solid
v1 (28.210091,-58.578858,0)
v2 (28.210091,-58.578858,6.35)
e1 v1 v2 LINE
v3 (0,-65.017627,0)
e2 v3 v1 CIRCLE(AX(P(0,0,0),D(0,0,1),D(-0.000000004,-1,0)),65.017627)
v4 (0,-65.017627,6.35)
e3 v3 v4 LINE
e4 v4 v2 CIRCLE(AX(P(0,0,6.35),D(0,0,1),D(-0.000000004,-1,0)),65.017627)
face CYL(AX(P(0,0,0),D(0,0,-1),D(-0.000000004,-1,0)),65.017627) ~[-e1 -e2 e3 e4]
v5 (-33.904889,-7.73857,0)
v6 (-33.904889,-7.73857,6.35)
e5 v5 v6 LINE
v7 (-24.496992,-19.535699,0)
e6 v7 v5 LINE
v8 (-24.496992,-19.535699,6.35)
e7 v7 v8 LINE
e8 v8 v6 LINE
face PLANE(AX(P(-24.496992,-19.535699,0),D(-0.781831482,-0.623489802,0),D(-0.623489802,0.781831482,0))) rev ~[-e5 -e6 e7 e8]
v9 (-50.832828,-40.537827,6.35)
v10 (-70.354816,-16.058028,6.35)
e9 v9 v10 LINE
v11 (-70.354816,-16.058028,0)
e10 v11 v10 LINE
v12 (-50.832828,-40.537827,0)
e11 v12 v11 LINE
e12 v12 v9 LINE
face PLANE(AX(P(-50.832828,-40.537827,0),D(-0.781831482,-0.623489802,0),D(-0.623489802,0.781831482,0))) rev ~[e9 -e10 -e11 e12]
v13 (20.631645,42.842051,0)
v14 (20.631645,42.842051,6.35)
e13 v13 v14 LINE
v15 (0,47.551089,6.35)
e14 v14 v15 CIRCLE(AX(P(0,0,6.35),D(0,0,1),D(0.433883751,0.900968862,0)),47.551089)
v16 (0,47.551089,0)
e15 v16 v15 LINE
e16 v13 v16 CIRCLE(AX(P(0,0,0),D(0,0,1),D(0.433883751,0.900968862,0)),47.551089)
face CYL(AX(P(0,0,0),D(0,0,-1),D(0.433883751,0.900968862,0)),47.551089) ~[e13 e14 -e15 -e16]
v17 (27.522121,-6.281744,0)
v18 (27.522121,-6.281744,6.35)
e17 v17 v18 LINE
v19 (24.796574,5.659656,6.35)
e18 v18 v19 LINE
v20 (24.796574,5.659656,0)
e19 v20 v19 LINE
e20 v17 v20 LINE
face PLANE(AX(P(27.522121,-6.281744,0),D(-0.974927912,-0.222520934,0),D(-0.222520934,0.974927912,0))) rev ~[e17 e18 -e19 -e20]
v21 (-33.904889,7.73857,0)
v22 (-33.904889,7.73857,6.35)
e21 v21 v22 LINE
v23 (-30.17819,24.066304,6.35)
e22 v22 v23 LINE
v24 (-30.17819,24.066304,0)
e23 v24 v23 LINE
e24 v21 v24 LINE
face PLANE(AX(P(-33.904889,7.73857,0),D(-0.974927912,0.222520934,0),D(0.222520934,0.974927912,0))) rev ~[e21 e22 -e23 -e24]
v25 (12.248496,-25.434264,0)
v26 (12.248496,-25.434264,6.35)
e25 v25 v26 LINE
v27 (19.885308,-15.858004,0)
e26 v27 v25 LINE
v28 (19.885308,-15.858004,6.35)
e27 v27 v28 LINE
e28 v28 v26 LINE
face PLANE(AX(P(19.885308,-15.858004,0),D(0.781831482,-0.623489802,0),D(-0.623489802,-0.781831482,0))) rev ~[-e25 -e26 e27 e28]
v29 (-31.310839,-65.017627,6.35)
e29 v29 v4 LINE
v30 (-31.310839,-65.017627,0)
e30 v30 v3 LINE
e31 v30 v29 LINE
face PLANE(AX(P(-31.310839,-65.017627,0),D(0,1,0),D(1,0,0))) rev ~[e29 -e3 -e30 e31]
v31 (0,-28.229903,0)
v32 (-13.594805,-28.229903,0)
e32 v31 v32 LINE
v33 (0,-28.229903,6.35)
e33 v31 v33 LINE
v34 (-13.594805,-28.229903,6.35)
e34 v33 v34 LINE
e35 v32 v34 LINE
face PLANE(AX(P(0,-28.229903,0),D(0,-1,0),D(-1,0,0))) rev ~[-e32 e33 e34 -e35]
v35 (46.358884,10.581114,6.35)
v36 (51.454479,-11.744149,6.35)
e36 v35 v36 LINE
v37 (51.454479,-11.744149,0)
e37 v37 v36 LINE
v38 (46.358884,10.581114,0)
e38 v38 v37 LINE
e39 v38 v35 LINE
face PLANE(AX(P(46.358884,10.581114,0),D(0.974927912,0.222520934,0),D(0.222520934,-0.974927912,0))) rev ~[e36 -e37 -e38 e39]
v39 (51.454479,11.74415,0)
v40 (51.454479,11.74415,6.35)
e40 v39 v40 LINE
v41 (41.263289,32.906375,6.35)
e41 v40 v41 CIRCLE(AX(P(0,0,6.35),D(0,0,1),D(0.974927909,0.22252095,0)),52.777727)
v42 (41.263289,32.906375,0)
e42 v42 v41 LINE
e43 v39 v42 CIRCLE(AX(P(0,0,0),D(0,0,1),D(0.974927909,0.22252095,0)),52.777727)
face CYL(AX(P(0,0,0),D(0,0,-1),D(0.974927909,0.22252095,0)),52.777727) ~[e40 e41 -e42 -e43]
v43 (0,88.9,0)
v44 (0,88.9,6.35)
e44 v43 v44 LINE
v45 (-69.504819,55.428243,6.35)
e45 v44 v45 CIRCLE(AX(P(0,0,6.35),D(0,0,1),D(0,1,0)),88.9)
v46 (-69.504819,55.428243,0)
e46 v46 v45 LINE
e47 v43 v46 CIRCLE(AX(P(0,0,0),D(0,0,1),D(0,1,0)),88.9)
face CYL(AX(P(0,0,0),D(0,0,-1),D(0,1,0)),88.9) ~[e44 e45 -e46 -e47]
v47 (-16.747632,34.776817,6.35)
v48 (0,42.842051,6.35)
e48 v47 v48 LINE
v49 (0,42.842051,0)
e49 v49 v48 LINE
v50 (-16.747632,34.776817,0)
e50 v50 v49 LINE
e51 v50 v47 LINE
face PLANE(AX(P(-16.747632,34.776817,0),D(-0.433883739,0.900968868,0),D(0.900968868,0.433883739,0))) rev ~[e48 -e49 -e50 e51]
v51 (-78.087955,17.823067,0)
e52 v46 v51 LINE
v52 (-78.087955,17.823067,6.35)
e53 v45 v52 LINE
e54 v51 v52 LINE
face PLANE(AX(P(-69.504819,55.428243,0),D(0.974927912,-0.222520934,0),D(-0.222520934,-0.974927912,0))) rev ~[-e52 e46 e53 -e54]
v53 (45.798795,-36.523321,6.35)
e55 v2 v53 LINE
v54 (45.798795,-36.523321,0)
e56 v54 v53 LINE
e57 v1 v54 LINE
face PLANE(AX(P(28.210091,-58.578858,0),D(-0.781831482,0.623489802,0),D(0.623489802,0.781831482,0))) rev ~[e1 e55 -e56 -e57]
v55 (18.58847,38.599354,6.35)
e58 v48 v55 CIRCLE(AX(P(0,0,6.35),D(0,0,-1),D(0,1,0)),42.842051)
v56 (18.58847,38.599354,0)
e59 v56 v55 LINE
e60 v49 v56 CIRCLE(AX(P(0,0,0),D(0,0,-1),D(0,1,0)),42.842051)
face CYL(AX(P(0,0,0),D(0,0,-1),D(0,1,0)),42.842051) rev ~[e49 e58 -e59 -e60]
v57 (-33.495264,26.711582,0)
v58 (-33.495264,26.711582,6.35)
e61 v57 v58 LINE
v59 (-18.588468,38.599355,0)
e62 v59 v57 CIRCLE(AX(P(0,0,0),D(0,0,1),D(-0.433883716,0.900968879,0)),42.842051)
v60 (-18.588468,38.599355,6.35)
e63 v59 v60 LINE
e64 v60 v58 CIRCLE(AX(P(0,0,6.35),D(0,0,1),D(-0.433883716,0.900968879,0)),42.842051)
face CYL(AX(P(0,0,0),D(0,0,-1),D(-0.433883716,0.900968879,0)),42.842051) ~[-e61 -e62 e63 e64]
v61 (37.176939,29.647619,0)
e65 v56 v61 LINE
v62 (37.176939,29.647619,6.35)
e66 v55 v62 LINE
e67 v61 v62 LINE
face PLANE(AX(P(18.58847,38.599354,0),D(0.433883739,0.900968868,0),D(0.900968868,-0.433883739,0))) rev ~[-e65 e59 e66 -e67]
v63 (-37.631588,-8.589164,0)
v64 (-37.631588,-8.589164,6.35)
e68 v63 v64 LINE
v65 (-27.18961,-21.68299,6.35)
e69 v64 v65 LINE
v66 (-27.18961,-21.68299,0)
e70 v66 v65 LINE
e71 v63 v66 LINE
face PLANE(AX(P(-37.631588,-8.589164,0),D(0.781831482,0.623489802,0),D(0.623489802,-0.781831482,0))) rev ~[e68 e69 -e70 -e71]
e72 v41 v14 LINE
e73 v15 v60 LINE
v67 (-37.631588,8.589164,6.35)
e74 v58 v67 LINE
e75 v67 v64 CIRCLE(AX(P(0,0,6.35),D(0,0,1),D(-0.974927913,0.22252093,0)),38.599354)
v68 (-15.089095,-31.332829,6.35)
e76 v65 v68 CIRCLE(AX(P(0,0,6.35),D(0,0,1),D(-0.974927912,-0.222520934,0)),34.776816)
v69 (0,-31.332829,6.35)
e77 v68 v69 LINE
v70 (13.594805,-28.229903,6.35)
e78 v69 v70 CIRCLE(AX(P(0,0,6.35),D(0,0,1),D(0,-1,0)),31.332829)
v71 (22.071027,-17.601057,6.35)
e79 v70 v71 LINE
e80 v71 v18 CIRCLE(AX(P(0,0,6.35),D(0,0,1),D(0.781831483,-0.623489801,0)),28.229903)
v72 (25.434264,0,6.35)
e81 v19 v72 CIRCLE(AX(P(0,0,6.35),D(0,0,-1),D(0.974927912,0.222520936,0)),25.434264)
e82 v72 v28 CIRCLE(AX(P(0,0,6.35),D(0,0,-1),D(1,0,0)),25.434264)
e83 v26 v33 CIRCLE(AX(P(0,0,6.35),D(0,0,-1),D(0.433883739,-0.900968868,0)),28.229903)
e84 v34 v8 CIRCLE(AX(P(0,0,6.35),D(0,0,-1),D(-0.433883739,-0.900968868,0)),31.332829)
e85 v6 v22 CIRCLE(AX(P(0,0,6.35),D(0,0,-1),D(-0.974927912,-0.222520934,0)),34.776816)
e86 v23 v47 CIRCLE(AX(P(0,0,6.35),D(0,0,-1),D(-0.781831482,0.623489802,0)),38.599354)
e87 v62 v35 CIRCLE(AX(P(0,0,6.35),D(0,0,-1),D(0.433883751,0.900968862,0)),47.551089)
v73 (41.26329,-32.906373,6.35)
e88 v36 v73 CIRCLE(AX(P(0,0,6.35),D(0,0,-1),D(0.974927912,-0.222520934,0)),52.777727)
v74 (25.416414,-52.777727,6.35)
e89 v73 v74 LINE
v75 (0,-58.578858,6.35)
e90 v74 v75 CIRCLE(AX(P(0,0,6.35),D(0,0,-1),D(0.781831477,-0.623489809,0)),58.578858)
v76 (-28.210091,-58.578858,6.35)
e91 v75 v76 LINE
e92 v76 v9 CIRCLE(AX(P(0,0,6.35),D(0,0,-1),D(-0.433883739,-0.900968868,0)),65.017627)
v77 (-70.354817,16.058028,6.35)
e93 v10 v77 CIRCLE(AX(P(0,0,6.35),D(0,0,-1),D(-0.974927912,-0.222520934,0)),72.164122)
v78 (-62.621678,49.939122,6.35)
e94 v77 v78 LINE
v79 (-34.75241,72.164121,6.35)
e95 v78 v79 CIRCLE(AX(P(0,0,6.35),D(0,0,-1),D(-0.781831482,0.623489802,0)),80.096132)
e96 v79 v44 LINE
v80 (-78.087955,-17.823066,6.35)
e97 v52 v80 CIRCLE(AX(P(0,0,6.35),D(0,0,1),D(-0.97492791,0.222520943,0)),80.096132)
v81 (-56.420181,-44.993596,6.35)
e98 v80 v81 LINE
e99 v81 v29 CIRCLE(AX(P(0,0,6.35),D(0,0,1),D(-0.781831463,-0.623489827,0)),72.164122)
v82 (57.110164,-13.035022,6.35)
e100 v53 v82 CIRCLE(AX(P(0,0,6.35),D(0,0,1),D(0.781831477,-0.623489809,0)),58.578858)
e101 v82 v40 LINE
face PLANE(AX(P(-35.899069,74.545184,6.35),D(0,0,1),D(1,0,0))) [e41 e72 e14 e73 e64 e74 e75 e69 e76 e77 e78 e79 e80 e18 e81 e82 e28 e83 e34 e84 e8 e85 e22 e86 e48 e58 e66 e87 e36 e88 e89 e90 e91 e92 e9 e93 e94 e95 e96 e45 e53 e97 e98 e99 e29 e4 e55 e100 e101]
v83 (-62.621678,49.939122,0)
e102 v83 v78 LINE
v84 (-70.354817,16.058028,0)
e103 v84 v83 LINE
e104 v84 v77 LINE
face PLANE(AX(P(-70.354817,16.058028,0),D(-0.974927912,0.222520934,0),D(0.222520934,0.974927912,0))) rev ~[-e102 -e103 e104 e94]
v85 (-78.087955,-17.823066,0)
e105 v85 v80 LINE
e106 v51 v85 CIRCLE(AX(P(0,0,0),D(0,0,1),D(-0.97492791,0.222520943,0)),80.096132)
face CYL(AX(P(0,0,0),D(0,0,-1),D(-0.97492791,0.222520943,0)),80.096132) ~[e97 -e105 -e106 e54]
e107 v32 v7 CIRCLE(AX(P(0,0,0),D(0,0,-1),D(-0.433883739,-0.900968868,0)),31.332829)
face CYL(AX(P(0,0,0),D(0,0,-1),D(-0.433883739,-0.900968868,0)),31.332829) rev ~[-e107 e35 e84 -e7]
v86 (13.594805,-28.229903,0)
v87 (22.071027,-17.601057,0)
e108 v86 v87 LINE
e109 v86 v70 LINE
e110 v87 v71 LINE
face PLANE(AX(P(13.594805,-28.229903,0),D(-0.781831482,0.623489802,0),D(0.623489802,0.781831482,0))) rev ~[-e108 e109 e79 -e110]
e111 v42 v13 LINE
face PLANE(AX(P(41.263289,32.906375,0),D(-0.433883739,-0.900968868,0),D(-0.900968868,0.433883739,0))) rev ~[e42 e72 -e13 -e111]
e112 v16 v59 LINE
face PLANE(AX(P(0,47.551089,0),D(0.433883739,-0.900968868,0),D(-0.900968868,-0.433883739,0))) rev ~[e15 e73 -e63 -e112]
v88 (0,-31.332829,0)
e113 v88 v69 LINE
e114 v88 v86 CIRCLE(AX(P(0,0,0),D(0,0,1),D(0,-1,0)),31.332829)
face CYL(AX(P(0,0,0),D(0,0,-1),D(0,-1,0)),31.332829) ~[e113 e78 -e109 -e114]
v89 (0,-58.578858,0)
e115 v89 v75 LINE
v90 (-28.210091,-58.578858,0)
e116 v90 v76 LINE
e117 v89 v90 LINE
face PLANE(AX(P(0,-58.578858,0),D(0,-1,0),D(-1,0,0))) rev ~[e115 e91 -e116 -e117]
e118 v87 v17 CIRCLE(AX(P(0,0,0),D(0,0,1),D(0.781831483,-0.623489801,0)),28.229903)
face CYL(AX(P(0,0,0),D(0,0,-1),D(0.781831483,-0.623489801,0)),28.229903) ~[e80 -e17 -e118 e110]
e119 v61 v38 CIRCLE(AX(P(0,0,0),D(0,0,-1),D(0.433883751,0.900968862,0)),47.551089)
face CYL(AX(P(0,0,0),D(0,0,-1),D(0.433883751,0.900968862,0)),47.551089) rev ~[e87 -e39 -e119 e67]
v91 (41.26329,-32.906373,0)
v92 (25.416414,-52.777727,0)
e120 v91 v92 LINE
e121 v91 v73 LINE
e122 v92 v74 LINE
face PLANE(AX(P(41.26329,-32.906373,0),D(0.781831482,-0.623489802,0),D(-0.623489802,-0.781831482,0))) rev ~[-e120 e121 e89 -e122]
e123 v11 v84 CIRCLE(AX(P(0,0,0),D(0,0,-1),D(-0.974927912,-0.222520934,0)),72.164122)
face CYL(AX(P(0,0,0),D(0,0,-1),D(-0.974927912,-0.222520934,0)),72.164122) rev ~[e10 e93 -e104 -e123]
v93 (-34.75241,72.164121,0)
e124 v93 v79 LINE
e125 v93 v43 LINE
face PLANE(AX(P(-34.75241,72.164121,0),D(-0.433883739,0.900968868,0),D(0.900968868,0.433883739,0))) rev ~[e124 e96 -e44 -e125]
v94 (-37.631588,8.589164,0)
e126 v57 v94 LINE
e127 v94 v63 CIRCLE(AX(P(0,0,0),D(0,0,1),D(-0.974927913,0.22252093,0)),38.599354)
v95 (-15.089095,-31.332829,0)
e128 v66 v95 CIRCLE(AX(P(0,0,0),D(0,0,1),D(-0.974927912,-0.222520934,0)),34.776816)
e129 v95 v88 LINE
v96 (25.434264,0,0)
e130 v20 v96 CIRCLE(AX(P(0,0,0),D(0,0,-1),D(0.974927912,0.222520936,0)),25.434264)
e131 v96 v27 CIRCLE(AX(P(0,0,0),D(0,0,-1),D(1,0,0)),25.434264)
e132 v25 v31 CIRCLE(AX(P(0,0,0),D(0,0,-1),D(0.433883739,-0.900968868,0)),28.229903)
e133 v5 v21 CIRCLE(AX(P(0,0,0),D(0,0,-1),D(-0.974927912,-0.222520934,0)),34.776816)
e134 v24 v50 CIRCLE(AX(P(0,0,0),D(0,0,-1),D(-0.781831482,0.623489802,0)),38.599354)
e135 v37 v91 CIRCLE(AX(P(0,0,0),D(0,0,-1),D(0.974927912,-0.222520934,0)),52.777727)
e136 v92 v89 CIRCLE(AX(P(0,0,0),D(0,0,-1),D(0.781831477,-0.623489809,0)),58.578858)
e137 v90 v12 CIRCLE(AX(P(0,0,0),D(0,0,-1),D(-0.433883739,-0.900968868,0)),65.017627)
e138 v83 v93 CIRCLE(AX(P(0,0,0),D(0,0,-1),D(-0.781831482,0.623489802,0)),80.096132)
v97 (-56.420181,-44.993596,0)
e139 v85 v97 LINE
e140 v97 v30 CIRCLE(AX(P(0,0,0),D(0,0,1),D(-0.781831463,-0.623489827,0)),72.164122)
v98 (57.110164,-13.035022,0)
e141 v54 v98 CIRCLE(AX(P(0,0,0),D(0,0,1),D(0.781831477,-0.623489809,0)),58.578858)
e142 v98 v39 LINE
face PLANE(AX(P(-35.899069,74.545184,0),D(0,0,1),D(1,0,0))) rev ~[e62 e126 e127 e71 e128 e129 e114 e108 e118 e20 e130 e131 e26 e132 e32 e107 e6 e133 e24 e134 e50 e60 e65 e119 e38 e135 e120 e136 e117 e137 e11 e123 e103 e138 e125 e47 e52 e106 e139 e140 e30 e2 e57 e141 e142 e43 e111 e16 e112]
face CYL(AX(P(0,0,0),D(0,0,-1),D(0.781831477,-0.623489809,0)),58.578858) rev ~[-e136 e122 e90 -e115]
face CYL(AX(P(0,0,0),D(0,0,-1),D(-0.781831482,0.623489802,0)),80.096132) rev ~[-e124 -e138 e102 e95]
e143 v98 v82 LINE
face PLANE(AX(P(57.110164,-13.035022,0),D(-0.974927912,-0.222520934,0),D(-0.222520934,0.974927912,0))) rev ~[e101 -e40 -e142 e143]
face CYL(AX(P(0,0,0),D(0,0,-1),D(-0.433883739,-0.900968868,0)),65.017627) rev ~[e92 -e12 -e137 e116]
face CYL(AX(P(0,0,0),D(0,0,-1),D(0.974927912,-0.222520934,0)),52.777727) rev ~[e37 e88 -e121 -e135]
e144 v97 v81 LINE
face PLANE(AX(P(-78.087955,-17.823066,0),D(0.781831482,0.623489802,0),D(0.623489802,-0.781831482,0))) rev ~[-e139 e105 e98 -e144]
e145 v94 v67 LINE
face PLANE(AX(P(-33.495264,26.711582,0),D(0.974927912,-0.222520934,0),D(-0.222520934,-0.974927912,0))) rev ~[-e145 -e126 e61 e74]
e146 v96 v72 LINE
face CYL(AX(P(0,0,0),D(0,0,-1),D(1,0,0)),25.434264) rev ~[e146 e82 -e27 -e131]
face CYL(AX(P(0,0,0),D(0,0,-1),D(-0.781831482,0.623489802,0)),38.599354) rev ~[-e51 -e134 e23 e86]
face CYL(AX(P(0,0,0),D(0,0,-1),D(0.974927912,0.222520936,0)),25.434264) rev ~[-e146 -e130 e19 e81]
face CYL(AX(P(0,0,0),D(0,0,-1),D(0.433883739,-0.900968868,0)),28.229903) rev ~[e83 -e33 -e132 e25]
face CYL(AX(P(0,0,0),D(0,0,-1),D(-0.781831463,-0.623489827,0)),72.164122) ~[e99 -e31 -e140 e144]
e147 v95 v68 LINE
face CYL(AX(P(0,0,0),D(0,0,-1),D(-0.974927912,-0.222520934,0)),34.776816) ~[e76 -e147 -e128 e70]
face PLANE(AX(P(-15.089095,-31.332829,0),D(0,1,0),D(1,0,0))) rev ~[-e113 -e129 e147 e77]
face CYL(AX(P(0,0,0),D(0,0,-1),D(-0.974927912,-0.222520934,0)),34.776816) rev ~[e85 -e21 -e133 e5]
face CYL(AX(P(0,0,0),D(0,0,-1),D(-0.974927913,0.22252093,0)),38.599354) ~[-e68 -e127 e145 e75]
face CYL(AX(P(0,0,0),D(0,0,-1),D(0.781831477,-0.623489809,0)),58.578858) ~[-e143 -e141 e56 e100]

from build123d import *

# Parameters (mm, degrees)
F1_DEPTH = 6.35


with BuildPart() as f1:
    # F0 (on Top) → F1 (new body)
    with BuildSketch(Plane.XY):
        with BuildLine():
            Line((-34.7524098968, 72.1641214513), (0, 88.9))
            ThreePointArc((0, 88.9), (-38.5722644076, 80.0961323565), (-69.5048187914, 55.4282433852))
            Line((-69.5048187914, 55.4282433852), (-34.7524098968, 72.1641214513))
        make_face()
        with BuildLine():
            Line((-34.7524098968, 72.1641214513), (-69.5048187914, 55.4282433852))
            Line((-69.5048187914, 55.4282433852), (-78.0879549291, 17.8230668926))
            ThreePointArc((-78.0879549291, 17.8230668926), (-72.1641215337, 34.7524097258), (-62.6216779003, 49.9391216926))
            ThreePointArc((-62.6216779003, 49.9391216926), (-49.93912191, 62.6216777269), (-34.7524098968, 72.1641214513))
        make_face()
        with BuildLine():
            ThreePointArc((-62.6216779003, 49.9391216926), (-72.1641215337, 34.7524097258), (-78.0879549291, 17.8230668926))
            ThreePointArc((-78.0879549291, 17.8230668926), (-80.0961323565, 3.664e-07), (-78.0879550922, -17.8230661783))
            Line((-78.0879550922, -17.8230661783), (-70.3548165514, 16.0580275155))
            Line((-70.3548165514, 16.0580275155), (-62.6216779003, 49.9391216926))
        make_face()
        with BuildLine():
            Line((-70.3548165514, 16.0580275155), (-78.0879550922, -17.8230661783))
            Line((-78.0879550922, -17.8230661783), (-56.4201808238, -44.9935957162))
            ThreePointArc((-56.4201808238, -44.9935957162), (-65.0176265304, -31.3108399762), (-70.3548164962, -16.0580277572))
            ThreePointArc((-70.3548164962, -16.0580277572), (-72.1641216926, -1.24e-07), (-70.3548165514, 16.0580275155))
        make_face()
        with BuildLine():
            ThreePointArc((-70.3548164962, -16.0580277572), (-65.0176265304, -31.3108399762), (-56.4201808238, -44.9935957162))
            ThreePointArc((-56.4201808238, -44.9935957162), (-44.9935930451, -56.420182954), (-31.3108389501, -65.0176270246))
            Line((-31.3108389501, -65.0176270246), (-50.8328281182, -40.5378268956))
            Line((-50.8328281182, -40.5378268956), (-70.3548164962, -16.0580277572))
        make_face()
        with BuildLine():
            Line((-50.8328281182, -40.5378268956), (-31.3108389501, -65.0176270246))
            Line((-31.3108389501, -65.0176270246), (-2.882e-07, -65.0176270246))
            ThreePointArc((-2.882e-07, -65.0176270246), (-14.4677832296, -63.387499338), (-28.210091122, -58.578857814))
            ThreePointArc((-28.210091122, -58.578857814), (-40.5378276385, -50.8328275257), (-50.8328281182, -40.5378268956))
        make_face()
        with BuildLine():
            ThreePointArc((-28.210091122, -58.578857814), (-14.4677832296, -63.387499338), (-2.882e-07, -65.0176270246))
            ThreePointArc((-2.882e-07, -65.0176270246), (14.4677829486, -63.3874994022), (28.210091122, -58.578857814))
            Line((28.210091122, -58.578857814), (-1.292e-07, -58.578857814))
            Line((-1.292e-07, -58.578857814), (-28.210091122, -58.578857814))
        make_face()
        with BuildLine():
            Line((-1.292e-07, -58.578857814), (28.210091122, -58.578857814))
            Line((28.210091122, -58.578857814), (45.7987949156, -36.5233208659))
            ThreePointArc((45.7987949156, -36.5233208659), (36.5233202444, -45.7987954112), (25.4164138616, -52.7777272077))
            ThreePointArc((25.4164138616, -52.7777272077), (13.0350220879, -57.110163561), (-1.292e-07, -58.578857814))
        make_face()
        with BuildLine():
            ThreePointArc((25.4164138616, -52.7777272077), (36.5233202444, -45.7987954112), (45.7987949156, -36.5233208659))
            ThreePointArc((45.7987949156, -36.5233208659), (52.7777270927, -25.4164141003), (57.1101635466, -13.0350221509))
            Line((57.1101635466, -13.0350221509), (41.2632902553, -32.9063727341))
            Line((41.2632902553, -32.9063727341), (25.4164138616, -52.7777272077))
        make_face()
        with BuildLine():
            Line((41.2632902553, -32.9063727341), (57.1101635466, -13.0350221509))
            Line((57.1101635466, -13.0350221509), (51.4544792043, 11.7441499918))
            ThreePointArc((51.4544792043, 11.7441499918), (52.4458718884, 5.9092310056), (52.7777272077, 0))
            ThreePointArc((52.7777272077, 0), (52.4458719367, -5.9092305767), (51.4544793963, -11.7441491504))
            ThreePointArc((51.4544793963, -11.7441491504), (47.5510896725, -22.8993965022), (41.2632902553, -32.9063727341))
        make_face()
        with BuildLine():
            ThreePointArc((52.7777272077, 0), (52.4458718884, 5.9092310056), (51.4544792043, 11.7441499918))
            ThreePointArc((51.4544792043, 11.7441499918), (47.5510889456, 22.8993980118), (41.2632887041, 32.9063746793))
            Line((41.2632887041, 32.9063746793), (46.3588837564, 10.5811140517))
            Line((46.3588837564, 10.5811140517), (51.4544793963, -11.7441491504))
            ThreePointArc((51.4544793963, -11.7441491504), (52.4458719367, -5.9092305767), (52.7777272077, 0))
        make_face()
        with BuildLine():
            Line((46.3588837564, 10.5811140517), (41.2632887041, 32.9063746793))
            Line((41.2632887041, 32.9063746793), (20.6316449307, 42.8420506649))
            ThreePointArc((20.6316449307, 42.8420506649), (29.6476193926, 37.1769383095), (37.1769385097, 29.6476191416))
            ThreePointArc((37.1769385097, 29.6476191416), (42.8420506571, 20.6316449469), (46.3588837564, 10.5811140517))
        make_face()
        with BuildLine():
            ThreePointArc((37.1769385097, 29.6476191416), (29.6476193926, 37.1769383095), (20.6316449307, 42.8420506649))
            ThreePointArc((20.6316449307, 42.8420506649), (10.5811130775, 46.3588839788), (0, 47.5510891328))
            Line((0, 47.5510891328), (18.5884698926, 38.5993538301))
            Line((18.5884698926, 38.5993538301), (37.1769385097, 29.6476191416))
        make_face()
        with BuildLine():
            Line((18.5884698926, 38.5993538301), (0, 47.5510891328))
            Line((0, 47.5510891328), (-18.5884682778, 38.5993546077))
            ThreePointArc((-18.5884682778, 38.5993546077), (-9.5332526599, 41.7679114006), (0, 42.8420509435))
            ThreePointArc((0, 42.8420509435), (9.5332535336, 41.7679112012), (18.5884698926, 38.5993538301))
        make_face()
        with BuildLine():
            ThreePointArc((0, 42.8420509435), (-9.5332526599, 41.7679114006), (-18.5884682778, 38.5993546077))
            ThreePointArc((-18.5884682778, 38.5993546077), (-26.7115814301, 33.4952645392), (-33.4952642011, 26.711581854))
            Line((-33.4952642011, 26.711581854), (-16.7476318885, 34.7768165009))
            Line((-16.7476318885, 34.7768165009), (0, 42.8420509435))
        make_face()
        with BuildLine():
            Line((-16.7476318885, 34.7768165009), (-33.4952642011, 26.711581854))
            Line((-33.4952642011, 26.711581854), (-37.6315877758, 8.5891641784))
            ThreePointArc((-37.6315877758, 8.5891641784), (-34.7768164331, 16.7476320293), (-30.1781902674, 24.0663036629))
            ThreePointArc((-30.1781902674, 24.0663036629), (-24.0663035709, 30.1781903408), (-16.7476318885, 34.7768165009))
        make_face()
        with BuildLine():
            ThreePointArc((-30.1781902674, 24.0663036629), (-34.7768164331, 16.7476320293), (-37.6315877758, 8.5891641784))
            ThreePointArc((-37.6315877758, 8.5891641784), (-38.5993541372, -7.91e-08), (-37.6315877405, -8.5891643327))
            Line((-37.6315877405, -8.5891643327), (-33.904888825, 7.7385704492))
            Line((-33.904888825, 7.7385704492), (-30.1781902674, 24.0663036629))
        make_face()
        with BuildLine():
            Line((-33.904888825, 7.7385704492), (-37.6315877405, -8.5891643327))
            Line((-37.6315877405, -8.5891643327), (-27.1896101144, -21.6829901227))
            ThreePointArc((-27.1896101144, -21.6829901227), (-31.3328289675, -15.0890949937), (-33.904889004, -7.7385696651))
            ThreePointArc((-33.904889004, -7.7385696651), (-34.7768163988, 4.022e-07), (-33.904888825, 7.7385704492))
        make_face()
        with BuildLine():
            ThreePointArc((-33.904889004, -7.7385696651), (-31.3328289675, -15.0890949937), (-27.1896101144, -21.6829901227))
            ThreePointArc((-27.1896101144, -21.6829901227), (-21.6829904873, -27.1896098236), (-15.0890951337, -31.3328289))
            Line((-15.0890951337, -31.3328289), (-24.4969922973, -19.5356989961))
            Line((-24.4969922973, -19.5356989961), (-33.904889004, -7.7385696651))
        make_face()
        with BuildLine():
            Line((-24.4969922973, -19.5356989961), (-15.0890951337, -31.3328289))
            Line((-15.0890951337, -31.3328289), (0, -31.3328289))
            ThreePointArc((0, -31.3328289), (-6.9722103503, -30.5472494623), (-13.5948049603, -28.2299033822))
            ThreePointArc((-13.5948049603, -28.2299033822), (-19.5356994258, -24.4969919546), (-24.4969922973, -19.5356989961))
        make_face()
        with BuildLine():
            ThreePointArc((-13.5948049603, -28.2299033822), (-6.9722103503, -30.5472494623), (0, -31.3328289))
            ThreePointArc((0, -31.3328289), (6.9722103503, -30.5472494623), (13.5948049603, -28.2299033822))
            Line((13.5948049603, -28.2299033822), (0, -28.2299033822))
            Line((0, -28.2299033822), (-13.5948049603, -28.2299033822))
        make_face()
        with BuildLine():
            Line((0, -28.2299033822), (13.5948049603, -28.2299033822))
            Line((13.5948049603, -28.2299033822), (22.0710272231, -17.6010568514))
            ThreePointArc((22.0710272231, -17.6010568514), (17.6010568737, -22.0710272053), (12.2484960344, -25.4342640913))
            ThreePointArc((12.2484960344, -25.4342640913), (6.2817444661, -27.5221207655), (0, -28.2299033822))
        make_face()
        with BuildLine():
            ThreePointArc((12.2484960344, -25.4342640913), (17.6010568737, -22.0710272053), (22.0710272231, -17.6010568514))
            ThreePointArc((22.0710272231, -17.6010568514), (25.4342640954, -12.2484960258), (27.5221207655, -6.2817444661))
            Line((27.5221207655, -6.2817444661), (19.8853082378, -15.8580044821))
            Line((19.8853082378, -15.8580044821), (12.2484960344, -25.4342640913))
        make_face()
        with BuildLine():
            Line((19.8853082378, -15.8580044821), (27.5221207655, -6.2817444661))
            Line((27.5221207655, -6.2817444661), (24.7965739757, 5.6596562558))
            ThreePointArc((24.7965739757, 5.6596562558), (25.274338774, 2.8477340825), (25.4342640913, 0))
            ThreePointArc((25.4342640913, 0), (24.0069778515, -8.4004050084), (19.8853082378, -15.8580044821))
        make_face()
    extrude(amount=F1_DEPTH)


solid = f1.part
